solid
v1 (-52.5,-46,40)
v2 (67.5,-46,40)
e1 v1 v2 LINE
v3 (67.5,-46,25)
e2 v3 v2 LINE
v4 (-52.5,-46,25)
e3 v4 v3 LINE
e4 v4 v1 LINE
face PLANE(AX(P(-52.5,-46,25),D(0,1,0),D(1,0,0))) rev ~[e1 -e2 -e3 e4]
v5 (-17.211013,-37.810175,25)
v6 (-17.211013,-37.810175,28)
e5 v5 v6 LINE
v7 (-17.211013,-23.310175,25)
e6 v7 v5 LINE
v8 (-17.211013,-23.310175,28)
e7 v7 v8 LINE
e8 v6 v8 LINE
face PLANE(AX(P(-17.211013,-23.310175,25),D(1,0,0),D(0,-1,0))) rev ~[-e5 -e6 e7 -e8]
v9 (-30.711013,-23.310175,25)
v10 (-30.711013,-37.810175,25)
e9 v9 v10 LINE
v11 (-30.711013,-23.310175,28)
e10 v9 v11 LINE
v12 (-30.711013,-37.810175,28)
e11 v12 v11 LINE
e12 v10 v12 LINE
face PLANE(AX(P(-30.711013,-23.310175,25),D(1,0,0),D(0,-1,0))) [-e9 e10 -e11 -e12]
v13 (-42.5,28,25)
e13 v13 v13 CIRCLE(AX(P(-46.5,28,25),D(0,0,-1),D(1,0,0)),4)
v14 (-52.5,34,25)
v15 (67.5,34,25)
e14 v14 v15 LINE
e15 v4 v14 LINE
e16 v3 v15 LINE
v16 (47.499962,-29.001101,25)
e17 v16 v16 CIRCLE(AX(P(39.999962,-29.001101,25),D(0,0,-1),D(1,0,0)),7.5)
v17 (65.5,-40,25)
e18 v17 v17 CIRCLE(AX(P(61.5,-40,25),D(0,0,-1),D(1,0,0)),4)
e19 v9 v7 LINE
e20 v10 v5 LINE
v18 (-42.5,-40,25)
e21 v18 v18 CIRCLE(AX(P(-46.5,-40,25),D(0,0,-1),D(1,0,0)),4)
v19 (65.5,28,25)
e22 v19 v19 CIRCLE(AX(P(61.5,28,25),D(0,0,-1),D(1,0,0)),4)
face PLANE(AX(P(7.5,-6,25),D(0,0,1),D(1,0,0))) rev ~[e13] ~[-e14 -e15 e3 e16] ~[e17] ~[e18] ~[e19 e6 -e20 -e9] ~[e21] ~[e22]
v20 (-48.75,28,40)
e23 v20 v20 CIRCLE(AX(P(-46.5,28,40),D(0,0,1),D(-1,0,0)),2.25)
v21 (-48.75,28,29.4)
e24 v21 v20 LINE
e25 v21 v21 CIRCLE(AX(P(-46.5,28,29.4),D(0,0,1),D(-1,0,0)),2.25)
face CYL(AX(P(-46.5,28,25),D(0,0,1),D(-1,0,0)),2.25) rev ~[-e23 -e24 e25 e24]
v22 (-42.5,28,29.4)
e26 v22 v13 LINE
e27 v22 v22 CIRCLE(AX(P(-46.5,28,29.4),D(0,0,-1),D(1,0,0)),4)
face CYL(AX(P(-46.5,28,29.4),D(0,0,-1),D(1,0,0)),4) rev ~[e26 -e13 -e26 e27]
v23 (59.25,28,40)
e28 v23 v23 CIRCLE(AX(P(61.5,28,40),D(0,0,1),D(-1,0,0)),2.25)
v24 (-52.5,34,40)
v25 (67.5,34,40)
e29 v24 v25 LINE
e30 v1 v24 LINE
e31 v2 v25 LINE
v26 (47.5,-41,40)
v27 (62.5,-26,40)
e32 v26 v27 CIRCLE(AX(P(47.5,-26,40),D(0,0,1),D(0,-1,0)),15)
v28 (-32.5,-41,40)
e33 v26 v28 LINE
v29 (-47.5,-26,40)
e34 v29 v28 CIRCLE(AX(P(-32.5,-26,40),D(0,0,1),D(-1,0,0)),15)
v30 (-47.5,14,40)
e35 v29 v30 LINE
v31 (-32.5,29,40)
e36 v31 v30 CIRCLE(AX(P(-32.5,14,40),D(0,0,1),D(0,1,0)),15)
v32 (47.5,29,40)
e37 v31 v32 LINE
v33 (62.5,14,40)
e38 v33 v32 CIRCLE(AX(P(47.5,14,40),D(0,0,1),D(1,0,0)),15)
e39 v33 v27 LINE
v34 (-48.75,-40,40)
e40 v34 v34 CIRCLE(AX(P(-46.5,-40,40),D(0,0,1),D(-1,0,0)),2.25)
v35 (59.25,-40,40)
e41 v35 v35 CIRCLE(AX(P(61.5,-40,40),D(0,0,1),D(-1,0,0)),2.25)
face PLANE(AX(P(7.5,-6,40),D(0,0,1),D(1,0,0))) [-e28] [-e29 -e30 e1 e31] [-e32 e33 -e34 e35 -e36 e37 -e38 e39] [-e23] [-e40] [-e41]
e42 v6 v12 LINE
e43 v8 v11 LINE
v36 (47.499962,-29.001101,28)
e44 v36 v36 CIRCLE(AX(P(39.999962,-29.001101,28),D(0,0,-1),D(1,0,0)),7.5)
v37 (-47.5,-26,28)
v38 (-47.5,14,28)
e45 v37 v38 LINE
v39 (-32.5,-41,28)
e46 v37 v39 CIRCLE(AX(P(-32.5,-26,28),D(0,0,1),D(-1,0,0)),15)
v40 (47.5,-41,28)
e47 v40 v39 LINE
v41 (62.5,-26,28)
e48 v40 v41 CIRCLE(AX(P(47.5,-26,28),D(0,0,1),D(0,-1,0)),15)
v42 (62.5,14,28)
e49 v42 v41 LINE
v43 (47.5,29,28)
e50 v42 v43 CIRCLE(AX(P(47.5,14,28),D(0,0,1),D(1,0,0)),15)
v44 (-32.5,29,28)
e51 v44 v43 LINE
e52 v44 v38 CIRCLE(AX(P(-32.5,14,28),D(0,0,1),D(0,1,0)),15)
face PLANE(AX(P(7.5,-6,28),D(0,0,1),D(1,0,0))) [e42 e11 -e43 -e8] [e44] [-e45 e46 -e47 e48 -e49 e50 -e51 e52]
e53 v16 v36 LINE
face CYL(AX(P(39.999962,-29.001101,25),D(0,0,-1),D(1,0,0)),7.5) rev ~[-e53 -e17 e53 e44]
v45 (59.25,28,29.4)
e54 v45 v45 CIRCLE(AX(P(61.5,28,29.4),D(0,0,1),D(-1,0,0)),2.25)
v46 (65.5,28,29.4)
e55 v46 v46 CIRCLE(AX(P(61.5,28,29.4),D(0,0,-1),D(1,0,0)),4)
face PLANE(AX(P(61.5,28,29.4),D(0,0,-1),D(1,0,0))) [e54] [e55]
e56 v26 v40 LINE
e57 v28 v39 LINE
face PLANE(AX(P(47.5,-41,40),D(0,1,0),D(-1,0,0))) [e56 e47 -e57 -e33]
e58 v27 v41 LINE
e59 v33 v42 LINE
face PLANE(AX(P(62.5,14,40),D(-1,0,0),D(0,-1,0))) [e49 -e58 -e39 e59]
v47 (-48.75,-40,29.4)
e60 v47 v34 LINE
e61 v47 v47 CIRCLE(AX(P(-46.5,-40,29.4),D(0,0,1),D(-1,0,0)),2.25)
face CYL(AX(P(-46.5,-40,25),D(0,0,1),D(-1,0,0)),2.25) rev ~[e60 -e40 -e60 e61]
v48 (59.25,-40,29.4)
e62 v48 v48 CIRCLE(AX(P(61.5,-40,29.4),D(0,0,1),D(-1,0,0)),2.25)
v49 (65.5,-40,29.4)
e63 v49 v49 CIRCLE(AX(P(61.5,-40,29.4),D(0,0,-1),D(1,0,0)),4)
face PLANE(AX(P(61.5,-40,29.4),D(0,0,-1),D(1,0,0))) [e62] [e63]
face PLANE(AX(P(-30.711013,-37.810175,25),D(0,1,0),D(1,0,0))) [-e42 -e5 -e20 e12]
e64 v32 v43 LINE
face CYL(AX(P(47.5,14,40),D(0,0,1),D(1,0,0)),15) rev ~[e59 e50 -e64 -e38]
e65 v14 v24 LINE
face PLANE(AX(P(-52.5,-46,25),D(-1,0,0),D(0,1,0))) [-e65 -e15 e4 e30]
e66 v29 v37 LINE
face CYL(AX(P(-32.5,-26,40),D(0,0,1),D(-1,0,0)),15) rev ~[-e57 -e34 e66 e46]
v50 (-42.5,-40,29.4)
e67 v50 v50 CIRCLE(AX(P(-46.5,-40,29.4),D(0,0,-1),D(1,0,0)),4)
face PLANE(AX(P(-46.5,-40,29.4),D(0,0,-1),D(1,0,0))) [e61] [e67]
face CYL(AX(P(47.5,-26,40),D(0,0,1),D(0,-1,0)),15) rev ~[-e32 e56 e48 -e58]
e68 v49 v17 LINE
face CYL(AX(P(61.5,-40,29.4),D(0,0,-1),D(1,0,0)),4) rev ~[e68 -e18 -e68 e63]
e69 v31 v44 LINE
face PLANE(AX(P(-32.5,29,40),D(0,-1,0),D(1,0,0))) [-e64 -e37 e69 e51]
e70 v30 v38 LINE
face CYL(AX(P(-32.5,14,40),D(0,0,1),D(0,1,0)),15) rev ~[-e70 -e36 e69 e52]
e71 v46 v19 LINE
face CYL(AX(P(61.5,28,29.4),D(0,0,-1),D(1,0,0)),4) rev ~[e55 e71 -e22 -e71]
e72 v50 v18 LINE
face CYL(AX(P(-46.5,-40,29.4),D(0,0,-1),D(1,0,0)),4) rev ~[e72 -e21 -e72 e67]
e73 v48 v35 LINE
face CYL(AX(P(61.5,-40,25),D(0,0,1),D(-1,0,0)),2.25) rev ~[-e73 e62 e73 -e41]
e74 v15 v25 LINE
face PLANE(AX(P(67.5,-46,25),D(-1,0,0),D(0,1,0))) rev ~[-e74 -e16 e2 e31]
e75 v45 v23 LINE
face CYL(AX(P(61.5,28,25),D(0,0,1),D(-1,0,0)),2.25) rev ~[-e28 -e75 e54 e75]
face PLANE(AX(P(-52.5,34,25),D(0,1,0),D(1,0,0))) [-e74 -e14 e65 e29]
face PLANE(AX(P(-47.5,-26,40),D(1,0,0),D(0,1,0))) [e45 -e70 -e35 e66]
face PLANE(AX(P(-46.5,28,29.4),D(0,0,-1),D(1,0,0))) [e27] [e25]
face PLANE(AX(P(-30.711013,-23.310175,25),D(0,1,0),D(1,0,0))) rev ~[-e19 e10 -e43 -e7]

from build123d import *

# Parameters (mm, degrees)
BOX_W            = 120
BOX_H            = 80
BOX_DEPTH        = 15
POCKET_DEPTH     = 12
HOLE_D           = 4.5
HOLE_DEPTH       = 25
HOLE_CBORE_D     = 8
HOLE_CBORE_DEPTH = 4.4
SKETCH005_R      = 7.5
SKETCH005_W      = 13.5
SKETCH005_H      = 14.5
POCKET001_DEPTH  = 5


with BuildPart() as part:
    # Box → Box (join)
    with BuildSketch(Plane(origin=(-52.5, -46, 25), x_dir=(1, 0, 0), z_dir=(0, 0, 1))):
        with Locations((60, 40)):
            Rectangle(BOX_W, BOX_H)
    extrude(amount=BOX_DEPTH)

    # Sketch003 (on Face6 of Box) → Pocket (cut)
    with BuildSketch(Plane(origin=(-52.5, -46, 40), x_dir=(1, 0, 0), z_dir=(0, 0, 1))):
        with BuildLine():
            ThreePointArc((20, 75), (9.3933982822, 70.6066017178), (5, 60))
            Line((5, 20), (5, 60))
            ThreePointArc((5, 20), (9.3933982822, 9.3933982822), (20, 5))
            Line((100, 5), (20, 5))
            ThreePointArc((100, 5), (110.6066017178, 9.3933982822), (115, 20))
            Line((115, 60), (115, 20))
            ThreePointArc((115, 60), (110.6066017178, 70.6066017178), (100, 75))
            Line((20, 75), (100, 75))
        make_face()
    extrude(amount=-POCKET_DEPTH, mode=Mode.SUBTRACT)

    # Hole
    with Locations(Plane(origin=(-52.5, -46, 25), x_dir=(1, 0, 0), z_dir=(0, 0, -1))):
        with Locations((6, -6), (114, -6), (6, -74), (114, -74)):
            CounterBoreHole(HOLE_D / 2, HOLE_CBORE_D / 2, HOLE_CBORE_DEPTH, depth=HOLE_DEPTH)

    # Sketch005 (on Face5 of Hole) → Pocket001 (cut)
    with BuildSketch(Plane(origin=(-52.5, -46, 25), x_dir=(1, 0, 0), z_dir=(0, 0, -1))):
        with Locations((92.499962, -16.998899)):
            Circle(SKETCH005_R)
        with Locations((28.5389866751, -15.4398246124)):
            Rectangle(SKETCH005_W, SKETCH005_H)
    extrude(amount=-POCKET001_DEPTH, mode=Mode.SUBTRACT)


solid = part.part
